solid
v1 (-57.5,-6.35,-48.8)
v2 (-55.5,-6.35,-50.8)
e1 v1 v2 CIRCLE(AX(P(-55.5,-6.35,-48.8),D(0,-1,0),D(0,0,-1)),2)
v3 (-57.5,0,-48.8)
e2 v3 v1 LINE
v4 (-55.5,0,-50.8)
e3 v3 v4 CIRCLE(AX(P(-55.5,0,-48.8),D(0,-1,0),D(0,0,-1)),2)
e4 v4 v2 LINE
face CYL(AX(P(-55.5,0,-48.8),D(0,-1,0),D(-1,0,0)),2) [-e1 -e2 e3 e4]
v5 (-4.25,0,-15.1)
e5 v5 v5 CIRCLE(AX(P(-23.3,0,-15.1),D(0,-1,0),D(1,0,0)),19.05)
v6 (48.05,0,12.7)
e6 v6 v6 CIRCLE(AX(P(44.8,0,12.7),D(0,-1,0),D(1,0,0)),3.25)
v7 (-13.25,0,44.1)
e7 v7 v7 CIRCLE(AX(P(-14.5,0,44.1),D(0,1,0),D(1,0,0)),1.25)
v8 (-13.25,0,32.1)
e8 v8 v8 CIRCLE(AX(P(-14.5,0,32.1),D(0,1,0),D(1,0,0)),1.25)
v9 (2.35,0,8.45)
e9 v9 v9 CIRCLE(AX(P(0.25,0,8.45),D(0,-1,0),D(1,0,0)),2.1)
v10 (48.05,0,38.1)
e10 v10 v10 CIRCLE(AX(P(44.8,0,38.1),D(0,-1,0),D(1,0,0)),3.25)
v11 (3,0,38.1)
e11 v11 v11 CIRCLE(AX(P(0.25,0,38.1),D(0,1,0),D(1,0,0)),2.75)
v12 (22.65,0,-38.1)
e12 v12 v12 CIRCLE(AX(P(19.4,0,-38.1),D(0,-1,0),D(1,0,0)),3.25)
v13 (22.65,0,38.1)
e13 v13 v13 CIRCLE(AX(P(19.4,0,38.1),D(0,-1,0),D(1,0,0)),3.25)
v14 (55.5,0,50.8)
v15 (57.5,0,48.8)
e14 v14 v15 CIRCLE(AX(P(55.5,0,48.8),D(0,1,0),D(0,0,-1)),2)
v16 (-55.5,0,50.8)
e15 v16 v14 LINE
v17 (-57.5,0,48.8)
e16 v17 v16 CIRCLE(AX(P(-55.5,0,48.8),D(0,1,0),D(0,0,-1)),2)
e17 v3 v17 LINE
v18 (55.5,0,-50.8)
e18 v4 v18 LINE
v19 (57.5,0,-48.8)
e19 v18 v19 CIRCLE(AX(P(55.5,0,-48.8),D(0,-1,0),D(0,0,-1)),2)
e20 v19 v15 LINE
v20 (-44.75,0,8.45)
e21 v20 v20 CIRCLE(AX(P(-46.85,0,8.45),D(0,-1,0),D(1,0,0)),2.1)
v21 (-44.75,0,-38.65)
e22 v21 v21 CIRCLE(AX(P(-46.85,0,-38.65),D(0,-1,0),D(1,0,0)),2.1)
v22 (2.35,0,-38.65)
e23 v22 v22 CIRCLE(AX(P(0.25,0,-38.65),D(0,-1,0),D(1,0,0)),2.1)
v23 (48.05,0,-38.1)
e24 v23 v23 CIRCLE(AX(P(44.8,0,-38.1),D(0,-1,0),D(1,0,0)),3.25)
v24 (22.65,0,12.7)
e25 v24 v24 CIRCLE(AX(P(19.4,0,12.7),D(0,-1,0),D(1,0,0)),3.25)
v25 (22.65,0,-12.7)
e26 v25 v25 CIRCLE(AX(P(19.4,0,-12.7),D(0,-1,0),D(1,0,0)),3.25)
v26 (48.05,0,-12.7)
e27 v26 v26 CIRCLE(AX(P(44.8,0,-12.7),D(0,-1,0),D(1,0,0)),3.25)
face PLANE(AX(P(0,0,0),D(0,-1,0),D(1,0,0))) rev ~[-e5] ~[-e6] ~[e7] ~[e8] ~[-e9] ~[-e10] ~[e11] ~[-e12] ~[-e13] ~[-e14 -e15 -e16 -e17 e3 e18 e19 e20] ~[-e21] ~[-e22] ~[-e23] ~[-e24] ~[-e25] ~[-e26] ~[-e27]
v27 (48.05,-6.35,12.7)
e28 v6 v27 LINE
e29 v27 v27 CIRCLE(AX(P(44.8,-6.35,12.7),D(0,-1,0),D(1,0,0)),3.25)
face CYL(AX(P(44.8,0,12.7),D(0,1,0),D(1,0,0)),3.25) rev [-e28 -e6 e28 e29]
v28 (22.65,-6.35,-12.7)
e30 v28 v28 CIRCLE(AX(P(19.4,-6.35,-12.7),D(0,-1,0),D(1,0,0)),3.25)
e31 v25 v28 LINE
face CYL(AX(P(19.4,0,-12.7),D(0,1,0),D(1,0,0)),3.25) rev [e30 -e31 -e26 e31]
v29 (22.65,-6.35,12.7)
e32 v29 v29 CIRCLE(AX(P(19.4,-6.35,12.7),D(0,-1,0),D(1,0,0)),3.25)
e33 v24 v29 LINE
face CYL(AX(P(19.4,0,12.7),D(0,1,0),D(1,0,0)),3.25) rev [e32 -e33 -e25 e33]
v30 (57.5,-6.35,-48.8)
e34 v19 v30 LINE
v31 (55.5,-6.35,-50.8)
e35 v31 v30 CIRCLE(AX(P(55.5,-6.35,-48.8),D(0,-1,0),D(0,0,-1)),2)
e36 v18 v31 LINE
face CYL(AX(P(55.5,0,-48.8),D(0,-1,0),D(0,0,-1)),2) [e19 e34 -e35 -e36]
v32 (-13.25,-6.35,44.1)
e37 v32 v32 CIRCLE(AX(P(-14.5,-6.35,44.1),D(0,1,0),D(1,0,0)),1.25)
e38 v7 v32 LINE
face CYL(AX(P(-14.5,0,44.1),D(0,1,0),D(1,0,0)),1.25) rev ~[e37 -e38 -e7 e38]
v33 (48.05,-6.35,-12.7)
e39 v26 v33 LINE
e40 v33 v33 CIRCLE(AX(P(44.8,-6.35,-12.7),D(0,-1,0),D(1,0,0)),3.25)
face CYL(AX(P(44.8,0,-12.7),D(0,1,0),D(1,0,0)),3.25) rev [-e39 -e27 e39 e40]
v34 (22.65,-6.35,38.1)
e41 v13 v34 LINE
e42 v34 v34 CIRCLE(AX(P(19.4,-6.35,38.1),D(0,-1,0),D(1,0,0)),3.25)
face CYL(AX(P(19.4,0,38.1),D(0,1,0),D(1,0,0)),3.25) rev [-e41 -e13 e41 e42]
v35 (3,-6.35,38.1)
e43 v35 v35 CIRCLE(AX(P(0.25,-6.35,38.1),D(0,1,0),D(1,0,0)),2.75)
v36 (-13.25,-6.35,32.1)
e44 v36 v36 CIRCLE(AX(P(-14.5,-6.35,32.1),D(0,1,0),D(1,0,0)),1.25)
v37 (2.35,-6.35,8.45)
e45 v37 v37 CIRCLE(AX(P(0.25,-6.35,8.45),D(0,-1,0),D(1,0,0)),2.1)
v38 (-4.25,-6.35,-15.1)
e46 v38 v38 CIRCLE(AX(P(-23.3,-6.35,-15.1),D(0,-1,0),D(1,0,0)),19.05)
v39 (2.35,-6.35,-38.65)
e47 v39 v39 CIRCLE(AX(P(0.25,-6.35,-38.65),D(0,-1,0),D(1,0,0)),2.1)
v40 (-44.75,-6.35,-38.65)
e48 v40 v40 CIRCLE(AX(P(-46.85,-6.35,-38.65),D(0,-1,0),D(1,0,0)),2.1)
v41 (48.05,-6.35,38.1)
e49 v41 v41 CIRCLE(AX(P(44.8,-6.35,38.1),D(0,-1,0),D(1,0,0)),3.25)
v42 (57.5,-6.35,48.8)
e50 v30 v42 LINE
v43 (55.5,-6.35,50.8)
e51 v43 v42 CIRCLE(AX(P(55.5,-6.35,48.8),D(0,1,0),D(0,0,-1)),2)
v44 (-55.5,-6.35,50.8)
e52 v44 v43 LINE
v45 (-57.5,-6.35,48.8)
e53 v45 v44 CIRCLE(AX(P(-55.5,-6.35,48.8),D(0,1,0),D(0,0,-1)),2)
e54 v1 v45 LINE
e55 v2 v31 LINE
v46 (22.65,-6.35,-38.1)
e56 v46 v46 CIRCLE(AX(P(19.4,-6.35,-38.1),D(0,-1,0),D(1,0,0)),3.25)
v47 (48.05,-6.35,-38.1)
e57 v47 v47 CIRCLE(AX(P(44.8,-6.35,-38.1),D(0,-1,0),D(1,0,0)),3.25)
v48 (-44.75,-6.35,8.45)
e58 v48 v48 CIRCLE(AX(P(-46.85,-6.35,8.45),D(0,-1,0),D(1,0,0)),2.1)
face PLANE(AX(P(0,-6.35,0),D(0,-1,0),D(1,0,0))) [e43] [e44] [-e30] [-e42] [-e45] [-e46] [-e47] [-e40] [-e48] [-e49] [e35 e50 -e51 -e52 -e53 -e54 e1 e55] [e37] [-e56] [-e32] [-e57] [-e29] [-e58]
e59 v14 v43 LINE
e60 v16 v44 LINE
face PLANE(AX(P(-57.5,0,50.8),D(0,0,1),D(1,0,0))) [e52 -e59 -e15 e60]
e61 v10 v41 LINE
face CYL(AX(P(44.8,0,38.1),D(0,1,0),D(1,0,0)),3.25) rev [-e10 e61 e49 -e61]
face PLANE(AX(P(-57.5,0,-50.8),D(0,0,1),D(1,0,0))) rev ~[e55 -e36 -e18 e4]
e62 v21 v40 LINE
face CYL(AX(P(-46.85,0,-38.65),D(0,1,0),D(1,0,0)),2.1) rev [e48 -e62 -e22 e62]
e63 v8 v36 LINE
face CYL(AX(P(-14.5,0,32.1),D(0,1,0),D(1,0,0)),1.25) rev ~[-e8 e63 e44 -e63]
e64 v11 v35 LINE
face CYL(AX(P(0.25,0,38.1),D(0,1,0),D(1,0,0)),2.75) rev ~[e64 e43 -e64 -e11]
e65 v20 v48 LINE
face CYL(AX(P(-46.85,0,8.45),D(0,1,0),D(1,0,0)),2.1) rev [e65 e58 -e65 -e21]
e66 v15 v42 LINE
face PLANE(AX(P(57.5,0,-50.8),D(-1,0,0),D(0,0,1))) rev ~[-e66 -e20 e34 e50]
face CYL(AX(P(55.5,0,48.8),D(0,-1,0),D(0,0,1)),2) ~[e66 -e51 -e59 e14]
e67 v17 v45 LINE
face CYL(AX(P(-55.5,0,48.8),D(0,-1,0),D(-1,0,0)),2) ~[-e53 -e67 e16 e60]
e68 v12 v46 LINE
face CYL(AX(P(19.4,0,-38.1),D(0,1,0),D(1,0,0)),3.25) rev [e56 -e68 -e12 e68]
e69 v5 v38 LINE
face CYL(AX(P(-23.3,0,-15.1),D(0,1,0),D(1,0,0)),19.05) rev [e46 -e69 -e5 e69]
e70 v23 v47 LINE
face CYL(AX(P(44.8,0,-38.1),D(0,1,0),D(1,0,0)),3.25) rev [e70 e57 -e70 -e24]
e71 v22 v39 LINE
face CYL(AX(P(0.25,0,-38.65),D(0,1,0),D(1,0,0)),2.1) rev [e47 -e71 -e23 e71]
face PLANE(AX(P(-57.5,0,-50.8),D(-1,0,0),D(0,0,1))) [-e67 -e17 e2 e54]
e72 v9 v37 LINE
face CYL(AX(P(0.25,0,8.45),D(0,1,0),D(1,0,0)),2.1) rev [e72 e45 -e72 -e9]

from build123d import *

# Parameters (mm, degrees)
SKETCH002_W   = 115
SKETCH002_H   = 101.6
SKETCH002_R   = 3.25
SKETCH002_R_2 = 19.05
SKETCH002_R_3 = 2.1
PAD002_DEPTH  = 6.35
FILLET_R      = 2
SKETCH004_R   = 1.25
SKETCH004_R_2 = 2.75
POCKET_DEPTH  = 6.351


with BuildPart() as part:
    # Sketch002 → Pad002 (new body)
    with BuildSketch(Plane.XZ):
        Rectangle(SKETCH002_W, SKETCH002_H)
        with Locations((19.4, 38.1)):
            Circle(SKETCH002_R, mode=Mode.SUBTRACT)
        with Locations((44.8, 38.1)):
            Circle(SKETCH002_R, mode=Mode.SUBTRACT)
        with Locations((19.4, 12.7)):
            Circle(SKETCH002_R, mode=Mode.SUBTRACT)
        with Locations((44.8, 12.7)):
            Circle(SKETCH002_R, mode=Mode.SUBTRACT)
        with Locations((19.4, -12.7)):
            Circle(SKETCH002_R, mode=Mode.SUBTRACT)
        with Locations((44.8, -12.7)):
            Circle(SKETCH002_R, mode=Mode.SUBTRACT)
        with Locations((19.4, -38.1)):
            Circle(SKETCH002_R, mode=Mode.SUBTRACT)
        with Locations((44.8, -38.1)):
            Circle(SKETCH002_R, mode=Mode.SUBTRACT)
        with Locations((-23.3, -15.1)):
            Circle(SKETCH002_R_2, mode=Mode.SUBTRACT)
        with Locations((-46.85, 8.45)):
            Circle(SKETCH002_R_3, mode=Mode.SUBTRACT)
        with Locations((0.25, 8.45)):
            Circle(SKETCH002_R_3, mode=Mode.SUBTRACT)
        with Locations((-46.85, -38.65)):
            Circle(SKETCH002_R_3, mode=Mode.SUBTRACT)
        with Locations((0.25, -38.65)):
            Circle(SKETCH002_R_3, mode=Mode.SUBTRACT)
    extrude(amount=PAD002_DEPTH)

    # Fillet
    fillet_edges = [part.edges().sort_by_distance(p)[0] for p in [
        (57.5, -3.175, 50.8),
        (57.5, -3.175, -50.8),
        (-57.5, -3.175, -50.8),
        (-57.5, -3.175, 50.8),
    ]]
    fillet(fillet_edges, radius=FILLET_R)

    # Sketch004 (on Face2 of Fillet) → Pocket (cut, through all)
    with BuildSketch(Plane(origin=(0, 0, 0), x_dir=(1, 0, 0), z_dir=(0, 1, 0))):
        with Locations((-14.5, -32.1)):
            Circle(SKETCH004_R)
        with Locations((-14.5, -44.1)):
            Circle(SKETCH004_R)
        with Locations((0.25, -38.1)):
            Circle(SKETCH004_R_2)
    extrude(amount=-POCKET_DEPTH, mode=Mode.SUBTRACT)


solid = part.part
